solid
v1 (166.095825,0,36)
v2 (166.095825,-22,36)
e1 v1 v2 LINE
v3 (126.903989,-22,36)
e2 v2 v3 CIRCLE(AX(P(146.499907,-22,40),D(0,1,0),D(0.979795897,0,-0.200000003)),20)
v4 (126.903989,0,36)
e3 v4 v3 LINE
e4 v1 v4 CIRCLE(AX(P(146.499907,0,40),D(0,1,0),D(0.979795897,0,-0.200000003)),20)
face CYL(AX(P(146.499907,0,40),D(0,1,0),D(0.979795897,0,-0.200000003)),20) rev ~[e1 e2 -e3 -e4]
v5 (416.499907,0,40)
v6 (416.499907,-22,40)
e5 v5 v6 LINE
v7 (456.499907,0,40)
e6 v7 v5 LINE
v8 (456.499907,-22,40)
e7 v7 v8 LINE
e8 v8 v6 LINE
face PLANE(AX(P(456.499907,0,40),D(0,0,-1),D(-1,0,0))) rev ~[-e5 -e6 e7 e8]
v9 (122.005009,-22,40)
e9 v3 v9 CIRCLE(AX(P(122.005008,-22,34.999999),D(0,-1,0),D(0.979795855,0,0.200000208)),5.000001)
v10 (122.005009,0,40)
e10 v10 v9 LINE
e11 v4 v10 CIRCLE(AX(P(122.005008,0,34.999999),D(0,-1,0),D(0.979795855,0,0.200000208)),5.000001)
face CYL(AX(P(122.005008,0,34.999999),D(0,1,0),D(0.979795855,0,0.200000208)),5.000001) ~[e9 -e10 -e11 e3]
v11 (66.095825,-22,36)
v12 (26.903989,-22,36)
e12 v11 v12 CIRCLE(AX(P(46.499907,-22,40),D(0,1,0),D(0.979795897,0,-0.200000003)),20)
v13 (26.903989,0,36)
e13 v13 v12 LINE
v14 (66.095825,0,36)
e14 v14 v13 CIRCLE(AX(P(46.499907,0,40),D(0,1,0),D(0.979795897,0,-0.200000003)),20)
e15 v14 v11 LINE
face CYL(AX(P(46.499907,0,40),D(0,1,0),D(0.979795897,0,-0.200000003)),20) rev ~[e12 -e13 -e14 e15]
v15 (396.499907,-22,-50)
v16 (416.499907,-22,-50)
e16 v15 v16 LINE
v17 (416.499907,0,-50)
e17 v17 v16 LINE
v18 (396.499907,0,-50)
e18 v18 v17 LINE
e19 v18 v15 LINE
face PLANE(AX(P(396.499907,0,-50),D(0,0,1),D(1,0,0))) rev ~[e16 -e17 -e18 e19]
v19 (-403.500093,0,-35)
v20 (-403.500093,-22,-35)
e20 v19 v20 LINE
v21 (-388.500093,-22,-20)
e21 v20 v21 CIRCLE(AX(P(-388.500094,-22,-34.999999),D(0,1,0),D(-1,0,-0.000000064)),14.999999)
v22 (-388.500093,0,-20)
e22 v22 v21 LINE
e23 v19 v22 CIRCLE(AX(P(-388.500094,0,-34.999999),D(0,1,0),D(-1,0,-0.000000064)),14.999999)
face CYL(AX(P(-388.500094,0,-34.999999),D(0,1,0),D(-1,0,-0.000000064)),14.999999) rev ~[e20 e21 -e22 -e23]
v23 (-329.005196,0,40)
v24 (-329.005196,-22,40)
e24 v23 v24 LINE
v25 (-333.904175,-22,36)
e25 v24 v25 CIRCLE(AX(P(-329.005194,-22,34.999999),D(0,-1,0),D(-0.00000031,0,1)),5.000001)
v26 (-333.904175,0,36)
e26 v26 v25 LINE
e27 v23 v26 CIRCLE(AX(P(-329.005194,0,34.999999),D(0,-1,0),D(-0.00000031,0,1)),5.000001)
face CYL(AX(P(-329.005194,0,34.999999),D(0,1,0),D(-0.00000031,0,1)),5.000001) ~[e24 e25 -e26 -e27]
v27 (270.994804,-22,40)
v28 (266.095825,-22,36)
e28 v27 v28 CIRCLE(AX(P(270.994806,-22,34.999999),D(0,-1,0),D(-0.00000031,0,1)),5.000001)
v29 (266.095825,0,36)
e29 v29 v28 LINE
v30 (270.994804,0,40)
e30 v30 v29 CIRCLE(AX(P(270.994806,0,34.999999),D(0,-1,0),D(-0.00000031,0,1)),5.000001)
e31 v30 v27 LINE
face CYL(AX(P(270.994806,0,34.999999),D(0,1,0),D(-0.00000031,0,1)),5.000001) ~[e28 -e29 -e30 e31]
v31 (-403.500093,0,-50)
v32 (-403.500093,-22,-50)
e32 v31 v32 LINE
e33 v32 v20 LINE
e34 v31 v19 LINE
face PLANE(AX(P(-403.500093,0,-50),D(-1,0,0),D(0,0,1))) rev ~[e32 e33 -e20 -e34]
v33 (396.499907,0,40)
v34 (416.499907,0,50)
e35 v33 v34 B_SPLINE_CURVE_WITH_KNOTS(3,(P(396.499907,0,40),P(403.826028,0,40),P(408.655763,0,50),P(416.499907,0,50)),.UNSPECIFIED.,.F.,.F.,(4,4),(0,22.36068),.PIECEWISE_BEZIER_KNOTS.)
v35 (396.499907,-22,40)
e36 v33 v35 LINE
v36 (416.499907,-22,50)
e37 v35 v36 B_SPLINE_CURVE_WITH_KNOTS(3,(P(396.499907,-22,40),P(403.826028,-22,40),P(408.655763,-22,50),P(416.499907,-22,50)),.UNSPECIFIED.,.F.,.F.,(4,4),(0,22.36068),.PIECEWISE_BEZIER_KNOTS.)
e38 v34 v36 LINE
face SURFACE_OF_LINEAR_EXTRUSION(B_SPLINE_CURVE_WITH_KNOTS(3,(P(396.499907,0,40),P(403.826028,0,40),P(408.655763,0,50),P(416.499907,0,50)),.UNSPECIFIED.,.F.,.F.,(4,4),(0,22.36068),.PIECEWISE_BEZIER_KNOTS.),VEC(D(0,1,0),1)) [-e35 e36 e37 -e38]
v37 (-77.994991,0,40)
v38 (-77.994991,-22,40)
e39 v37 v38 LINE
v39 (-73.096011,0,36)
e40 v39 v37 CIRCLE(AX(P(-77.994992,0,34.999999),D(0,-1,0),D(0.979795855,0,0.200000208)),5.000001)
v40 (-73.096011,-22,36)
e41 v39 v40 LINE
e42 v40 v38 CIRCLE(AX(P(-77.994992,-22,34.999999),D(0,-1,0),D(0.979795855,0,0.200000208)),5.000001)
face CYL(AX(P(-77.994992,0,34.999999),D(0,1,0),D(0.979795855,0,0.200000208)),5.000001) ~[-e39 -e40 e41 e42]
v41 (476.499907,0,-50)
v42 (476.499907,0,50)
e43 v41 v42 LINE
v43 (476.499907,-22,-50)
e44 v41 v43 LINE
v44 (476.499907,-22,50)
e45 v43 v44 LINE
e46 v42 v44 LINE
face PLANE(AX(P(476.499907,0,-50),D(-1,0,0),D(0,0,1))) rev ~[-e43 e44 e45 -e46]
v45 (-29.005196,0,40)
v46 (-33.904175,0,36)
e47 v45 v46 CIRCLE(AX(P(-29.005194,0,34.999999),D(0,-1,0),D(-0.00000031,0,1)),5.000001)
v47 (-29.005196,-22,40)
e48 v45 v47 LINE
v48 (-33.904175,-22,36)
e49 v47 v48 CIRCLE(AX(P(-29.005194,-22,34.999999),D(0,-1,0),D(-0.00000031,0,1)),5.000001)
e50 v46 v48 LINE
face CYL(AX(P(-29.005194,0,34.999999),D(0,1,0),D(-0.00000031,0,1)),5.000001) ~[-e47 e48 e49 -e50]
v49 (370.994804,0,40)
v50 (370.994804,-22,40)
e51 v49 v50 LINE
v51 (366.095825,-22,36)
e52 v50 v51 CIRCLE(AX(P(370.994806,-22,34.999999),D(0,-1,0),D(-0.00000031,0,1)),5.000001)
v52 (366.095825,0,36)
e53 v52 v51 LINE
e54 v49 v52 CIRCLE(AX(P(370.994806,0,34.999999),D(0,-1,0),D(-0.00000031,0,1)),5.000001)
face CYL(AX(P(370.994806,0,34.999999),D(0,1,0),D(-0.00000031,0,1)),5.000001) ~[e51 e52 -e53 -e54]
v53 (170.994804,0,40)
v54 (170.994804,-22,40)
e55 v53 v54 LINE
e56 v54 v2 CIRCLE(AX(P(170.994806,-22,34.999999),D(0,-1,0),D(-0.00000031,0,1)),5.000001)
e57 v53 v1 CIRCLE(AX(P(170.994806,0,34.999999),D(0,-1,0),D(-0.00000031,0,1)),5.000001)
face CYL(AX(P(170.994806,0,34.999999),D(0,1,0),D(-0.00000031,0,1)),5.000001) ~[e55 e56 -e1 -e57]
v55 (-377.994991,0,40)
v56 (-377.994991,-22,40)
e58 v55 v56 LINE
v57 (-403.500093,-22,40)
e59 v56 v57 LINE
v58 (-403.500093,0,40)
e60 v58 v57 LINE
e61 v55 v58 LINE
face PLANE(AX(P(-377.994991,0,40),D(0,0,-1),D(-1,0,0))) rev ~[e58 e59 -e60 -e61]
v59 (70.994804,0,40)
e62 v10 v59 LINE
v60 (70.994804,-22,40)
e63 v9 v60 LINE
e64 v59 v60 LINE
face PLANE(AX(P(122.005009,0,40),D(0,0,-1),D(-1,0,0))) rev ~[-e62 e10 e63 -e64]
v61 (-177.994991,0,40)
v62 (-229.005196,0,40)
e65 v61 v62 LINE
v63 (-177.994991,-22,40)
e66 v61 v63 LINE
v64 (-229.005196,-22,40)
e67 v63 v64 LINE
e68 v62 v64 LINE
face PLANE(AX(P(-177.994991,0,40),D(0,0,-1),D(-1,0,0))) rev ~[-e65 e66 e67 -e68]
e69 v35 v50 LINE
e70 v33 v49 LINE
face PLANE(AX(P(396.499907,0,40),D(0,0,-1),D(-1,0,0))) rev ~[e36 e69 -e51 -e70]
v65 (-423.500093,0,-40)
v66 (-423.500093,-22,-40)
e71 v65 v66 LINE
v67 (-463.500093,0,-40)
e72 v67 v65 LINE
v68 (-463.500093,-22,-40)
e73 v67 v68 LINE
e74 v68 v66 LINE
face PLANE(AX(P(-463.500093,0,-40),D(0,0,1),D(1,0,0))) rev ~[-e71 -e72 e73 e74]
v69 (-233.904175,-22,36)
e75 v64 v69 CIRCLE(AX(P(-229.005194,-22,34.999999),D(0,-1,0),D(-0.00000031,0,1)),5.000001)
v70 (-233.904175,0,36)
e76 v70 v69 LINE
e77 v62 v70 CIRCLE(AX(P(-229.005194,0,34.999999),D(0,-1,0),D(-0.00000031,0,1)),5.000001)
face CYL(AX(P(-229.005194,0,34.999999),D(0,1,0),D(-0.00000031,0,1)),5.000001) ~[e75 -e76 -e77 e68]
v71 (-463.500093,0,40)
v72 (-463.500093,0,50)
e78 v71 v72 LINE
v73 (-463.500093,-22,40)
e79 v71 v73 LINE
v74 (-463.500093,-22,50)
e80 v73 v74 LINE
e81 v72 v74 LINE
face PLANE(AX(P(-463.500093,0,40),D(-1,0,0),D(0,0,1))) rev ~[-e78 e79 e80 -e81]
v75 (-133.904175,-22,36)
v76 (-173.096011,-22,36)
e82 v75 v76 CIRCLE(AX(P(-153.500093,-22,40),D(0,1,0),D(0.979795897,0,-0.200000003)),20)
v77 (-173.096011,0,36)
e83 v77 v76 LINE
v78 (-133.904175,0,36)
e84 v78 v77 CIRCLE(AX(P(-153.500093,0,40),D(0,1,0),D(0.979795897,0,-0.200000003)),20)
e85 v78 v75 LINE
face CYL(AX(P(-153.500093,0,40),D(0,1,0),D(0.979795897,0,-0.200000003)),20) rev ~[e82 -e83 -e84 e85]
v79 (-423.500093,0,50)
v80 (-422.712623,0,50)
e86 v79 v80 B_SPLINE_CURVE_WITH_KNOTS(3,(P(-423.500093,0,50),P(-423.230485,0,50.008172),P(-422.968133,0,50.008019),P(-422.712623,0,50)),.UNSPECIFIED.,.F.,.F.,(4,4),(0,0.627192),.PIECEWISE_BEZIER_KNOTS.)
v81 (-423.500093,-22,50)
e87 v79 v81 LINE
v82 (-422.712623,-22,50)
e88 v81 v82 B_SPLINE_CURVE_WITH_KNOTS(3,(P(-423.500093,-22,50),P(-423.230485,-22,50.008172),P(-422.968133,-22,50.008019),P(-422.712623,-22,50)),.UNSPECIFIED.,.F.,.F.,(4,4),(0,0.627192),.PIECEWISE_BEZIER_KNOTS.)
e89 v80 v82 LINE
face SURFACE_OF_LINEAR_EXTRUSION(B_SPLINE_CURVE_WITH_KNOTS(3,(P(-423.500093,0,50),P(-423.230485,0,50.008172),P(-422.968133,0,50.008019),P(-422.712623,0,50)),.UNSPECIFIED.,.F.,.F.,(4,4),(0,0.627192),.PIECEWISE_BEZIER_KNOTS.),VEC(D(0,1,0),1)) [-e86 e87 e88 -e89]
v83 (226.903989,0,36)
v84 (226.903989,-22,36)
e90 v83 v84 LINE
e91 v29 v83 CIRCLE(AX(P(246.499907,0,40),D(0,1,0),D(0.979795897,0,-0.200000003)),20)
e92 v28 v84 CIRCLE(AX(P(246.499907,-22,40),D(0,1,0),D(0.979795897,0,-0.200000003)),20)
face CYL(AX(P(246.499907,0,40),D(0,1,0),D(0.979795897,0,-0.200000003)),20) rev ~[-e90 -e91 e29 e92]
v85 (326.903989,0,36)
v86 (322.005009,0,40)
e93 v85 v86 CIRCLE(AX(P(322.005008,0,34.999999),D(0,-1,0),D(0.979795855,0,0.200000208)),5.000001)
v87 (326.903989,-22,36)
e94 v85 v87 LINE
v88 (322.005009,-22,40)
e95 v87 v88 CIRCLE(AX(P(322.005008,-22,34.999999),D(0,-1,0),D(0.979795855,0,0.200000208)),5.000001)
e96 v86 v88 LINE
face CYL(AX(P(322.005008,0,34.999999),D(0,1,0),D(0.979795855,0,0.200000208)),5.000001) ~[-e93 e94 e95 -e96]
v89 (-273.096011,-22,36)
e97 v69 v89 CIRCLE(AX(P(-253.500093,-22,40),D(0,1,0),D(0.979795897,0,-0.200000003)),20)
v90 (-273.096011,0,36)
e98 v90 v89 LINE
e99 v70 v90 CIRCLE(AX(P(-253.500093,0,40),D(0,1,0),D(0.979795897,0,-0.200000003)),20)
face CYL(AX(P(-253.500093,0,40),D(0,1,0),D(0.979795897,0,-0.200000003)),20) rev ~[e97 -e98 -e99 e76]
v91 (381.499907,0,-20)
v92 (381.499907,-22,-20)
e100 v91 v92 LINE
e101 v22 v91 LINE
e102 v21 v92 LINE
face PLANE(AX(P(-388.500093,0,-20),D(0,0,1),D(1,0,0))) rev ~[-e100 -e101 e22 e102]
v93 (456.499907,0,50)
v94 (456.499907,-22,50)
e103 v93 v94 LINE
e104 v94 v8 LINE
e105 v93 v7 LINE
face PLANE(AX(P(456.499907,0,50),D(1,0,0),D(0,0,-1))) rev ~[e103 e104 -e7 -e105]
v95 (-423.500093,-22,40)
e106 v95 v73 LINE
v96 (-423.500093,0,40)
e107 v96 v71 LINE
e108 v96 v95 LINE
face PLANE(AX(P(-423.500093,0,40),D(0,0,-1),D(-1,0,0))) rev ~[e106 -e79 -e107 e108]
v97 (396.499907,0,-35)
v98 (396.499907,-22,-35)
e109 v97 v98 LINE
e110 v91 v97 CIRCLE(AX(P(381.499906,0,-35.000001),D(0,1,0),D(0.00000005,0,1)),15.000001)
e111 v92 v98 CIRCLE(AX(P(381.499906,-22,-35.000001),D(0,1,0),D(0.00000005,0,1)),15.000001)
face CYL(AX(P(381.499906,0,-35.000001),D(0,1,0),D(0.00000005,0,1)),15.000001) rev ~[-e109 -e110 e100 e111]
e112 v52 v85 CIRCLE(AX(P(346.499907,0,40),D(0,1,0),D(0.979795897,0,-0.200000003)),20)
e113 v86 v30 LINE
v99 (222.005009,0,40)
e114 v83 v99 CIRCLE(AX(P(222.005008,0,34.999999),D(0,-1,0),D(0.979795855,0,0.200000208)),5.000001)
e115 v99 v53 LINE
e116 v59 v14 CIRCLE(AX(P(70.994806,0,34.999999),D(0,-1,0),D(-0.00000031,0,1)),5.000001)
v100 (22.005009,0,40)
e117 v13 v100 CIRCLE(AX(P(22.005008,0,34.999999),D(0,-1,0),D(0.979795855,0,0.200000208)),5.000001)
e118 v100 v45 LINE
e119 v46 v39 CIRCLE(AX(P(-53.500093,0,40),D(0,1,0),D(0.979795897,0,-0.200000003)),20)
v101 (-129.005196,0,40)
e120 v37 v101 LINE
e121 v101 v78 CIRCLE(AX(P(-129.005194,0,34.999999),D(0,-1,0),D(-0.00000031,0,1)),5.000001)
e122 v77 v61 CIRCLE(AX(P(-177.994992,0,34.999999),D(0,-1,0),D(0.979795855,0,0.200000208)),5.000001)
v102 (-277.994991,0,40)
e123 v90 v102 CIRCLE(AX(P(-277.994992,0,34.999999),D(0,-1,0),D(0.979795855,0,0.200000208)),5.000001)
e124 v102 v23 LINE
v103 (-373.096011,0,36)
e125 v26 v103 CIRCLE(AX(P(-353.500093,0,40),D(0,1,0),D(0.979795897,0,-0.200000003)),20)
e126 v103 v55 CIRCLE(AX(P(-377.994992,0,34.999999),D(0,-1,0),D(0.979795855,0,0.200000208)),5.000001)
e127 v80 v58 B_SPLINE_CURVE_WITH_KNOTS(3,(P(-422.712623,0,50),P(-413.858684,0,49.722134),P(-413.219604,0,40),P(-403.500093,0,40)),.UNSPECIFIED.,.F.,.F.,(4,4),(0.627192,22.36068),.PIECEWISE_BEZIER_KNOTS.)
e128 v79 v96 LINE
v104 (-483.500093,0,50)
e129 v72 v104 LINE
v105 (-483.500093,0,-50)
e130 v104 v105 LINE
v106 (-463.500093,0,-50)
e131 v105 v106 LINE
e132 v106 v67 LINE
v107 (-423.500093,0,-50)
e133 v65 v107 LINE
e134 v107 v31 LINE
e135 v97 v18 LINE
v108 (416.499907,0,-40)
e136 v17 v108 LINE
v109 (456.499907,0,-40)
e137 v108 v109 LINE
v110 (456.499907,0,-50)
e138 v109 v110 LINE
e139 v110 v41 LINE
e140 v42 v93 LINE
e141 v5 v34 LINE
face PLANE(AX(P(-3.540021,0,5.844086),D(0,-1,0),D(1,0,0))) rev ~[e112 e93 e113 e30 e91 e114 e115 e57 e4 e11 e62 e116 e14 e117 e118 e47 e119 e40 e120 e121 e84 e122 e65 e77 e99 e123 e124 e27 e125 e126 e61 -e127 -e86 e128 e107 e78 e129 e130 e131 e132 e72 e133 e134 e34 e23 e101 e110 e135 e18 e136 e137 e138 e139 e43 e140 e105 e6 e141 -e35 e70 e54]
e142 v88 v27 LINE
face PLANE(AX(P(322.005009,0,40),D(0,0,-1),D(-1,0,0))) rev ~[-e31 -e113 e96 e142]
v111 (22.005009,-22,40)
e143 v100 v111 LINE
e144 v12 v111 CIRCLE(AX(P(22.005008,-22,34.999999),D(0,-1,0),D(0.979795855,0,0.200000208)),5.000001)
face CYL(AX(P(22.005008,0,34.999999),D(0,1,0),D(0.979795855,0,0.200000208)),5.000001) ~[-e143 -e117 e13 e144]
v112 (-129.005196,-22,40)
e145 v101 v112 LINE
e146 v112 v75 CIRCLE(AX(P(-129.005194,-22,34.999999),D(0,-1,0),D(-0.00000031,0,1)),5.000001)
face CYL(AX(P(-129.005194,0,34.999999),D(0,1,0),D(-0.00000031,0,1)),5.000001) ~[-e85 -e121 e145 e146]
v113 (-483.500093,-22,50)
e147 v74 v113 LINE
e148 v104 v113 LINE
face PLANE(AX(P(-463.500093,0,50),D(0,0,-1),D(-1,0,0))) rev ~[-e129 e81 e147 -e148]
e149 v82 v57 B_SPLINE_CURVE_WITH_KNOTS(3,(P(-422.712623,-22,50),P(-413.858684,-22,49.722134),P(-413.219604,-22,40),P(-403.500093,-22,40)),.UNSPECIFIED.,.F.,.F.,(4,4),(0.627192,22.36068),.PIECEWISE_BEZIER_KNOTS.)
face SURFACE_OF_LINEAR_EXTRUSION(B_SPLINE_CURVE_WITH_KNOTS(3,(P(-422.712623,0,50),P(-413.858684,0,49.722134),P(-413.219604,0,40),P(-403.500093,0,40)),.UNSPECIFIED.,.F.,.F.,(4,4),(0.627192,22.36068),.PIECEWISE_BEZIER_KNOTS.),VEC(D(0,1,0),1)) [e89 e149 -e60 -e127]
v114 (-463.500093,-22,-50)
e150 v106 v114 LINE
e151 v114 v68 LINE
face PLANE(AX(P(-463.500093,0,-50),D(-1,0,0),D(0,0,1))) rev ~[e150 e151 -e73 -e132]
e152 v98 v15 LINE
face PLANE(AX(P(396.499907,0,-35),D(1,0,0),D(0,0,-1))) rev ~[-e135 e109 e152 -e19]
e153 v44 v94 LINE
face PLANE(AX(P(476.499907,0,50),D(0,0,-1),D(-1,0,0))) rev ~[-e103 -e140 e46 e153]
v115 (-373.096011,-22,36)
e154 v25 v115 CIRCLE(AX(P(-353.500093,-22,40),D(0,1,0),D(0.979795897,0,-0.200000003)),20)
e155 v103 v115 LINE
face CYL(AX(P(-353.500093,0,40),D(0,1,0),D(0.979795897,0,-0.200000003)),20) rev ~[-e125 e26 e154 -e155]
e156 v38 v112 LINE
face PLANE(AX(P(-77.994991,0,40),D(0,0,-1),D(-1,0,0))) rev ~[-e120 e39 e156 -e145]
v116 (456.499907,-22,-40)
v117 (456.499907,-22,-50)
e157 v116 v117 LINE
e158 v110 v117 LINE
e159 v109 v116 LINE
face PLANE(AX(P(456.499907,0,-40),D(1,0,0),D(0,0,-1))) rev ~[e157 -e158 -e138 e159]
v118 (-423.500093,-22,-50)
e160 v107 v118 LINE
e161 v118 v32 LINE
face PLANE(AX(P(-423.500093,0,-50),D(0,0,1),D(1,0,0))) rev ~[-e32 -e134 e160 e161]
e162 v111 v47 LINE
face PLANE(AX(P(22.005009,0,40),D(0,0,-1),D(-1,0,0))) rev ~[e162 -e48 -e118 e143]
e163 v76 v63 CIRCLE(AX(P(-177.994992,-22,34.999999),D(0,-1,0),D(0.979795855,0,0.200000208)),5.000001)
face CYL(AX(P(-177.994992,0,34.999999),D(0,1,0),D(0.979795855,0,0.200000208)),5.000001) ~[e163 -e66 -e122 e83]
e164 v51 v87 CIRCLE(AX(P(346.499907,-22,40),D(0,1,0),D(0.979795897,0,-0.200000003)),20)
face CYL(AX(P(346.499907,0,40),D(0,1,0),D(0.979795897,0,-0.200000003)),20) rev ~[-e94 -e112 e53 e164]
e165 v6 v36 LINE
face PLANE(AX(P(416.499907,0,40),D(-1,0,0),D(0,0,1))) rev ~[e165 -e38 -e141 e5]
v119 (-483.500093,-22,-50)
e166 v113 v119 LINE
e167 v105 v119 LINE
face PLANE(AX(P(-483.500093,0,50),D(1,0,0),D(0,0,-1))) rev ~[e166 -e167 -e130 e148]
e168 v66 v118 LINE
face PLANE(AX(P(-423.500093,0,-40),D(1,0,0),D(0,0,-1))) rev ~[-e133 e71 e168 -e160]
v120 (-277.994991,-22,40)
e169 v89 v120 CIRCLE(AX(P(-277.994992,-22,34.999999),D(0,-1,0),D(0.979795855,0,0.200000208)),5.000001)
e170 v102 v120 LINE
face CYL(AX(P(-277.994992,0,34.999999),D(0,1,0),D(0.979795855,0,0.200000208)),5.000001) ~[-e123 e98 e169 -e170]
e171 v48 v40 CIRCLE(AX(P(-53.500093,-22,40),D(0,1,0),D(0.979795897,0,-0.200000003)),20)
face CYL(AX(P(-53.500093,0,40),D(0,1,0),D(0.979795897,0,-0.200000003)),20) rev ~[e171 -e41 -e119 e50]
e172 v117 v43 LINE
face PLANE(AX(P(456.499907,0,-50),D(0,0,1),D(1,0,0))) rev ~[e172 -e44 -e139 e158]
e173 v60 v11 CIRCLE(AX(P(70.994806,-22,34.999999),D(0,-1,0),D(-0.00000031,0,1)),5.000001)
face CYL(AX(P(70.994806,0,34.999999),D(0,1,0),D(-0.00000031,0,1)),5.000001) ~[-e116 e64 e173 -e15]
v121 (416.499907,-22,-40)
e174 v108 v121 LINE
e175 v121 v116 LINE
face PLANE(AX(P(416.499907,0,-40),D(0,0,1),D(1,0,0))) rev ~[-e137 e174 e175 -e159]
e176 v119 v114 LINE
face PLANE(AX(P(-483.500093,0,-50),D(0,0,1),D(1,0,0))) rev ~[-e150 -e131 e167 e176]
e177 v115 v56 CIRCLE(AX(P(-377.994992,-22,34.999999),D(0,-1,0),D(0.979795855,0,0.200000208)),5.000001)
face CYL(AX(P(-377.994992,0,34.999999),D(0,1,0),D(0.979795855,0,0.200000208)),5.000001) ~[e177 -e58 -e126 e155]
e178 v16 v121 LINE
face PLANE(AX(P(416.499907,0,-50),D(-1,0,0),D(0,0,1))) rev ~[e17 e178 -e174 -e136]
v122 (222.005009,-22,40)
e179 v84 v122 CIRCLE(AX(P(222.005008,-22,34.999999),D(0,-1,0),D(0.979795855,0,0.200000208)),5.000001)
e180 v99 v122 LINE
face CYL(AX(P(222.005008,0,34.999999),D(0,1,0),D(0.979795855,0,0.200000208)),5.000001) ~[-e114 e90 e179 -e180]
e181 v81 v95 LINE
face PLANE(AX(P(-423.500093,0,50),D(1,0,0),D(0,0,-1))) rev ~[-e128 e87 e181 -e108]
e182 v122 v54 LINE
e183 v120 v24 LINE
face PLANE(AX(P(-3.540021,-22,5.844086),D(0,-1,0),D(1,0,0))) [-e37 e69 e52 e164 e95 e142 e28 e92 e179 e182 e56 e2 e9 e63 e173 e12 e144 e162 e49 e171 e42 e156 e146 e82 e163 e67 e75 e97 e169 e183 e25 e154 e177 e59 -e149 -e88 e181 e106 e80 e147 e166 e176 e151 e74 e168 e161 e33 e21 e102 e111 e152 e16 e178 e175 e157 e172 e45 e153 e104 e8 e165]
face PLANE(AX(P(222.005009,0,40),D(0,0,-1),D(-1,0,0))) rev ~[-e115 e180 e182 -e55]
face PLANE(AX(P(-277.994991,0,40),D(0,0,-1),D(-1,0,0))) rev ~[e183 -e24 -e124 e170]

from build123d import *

# Parameters (mm, degrees)
F1_DEPTH = 22


with BuildPart() as f1:
    # F0 (on Front) → F1 (new body)
    with BuildSketch(Plane.XZ):
        with BuildLine():
            Line((476.499907, -50), (476.499907, 50))
            Line((476.499907, 50), (456.499907, 50))
            Line((456.499907, 50), (456.499907, 40))
            Line((456.499907, 40), (416.499907, 40))
            Line((416.499907, 40), (416.499907, 50))
            add(Edge.make_bspline(
                [(396.499907, 40), (403.826028, 40), (408.655763, 50), (416.499907, 50)],
                knots=[0, 0, 0, 0, 22.36068, 22.36068, 22.36068, 22.36068], degree=3))
            Line((396.499907, 40), (370.994804, 40))
            ThreePointArc((370.994804, 40), (367.832527, 38.872983), (366.095825, 36))
            ThreePointArc((366.095825, 36), (346.499907, 20), (326.903989, 36))
            ThreePointArc((326.903989, 36), (325.167287, 38.872983), (322.005009, 40))
            Line((322.005009, 40), (270.994804, 40))
            ThreePointArc((270.994804, 40), (267.832527, 38.872983), (266.095825, 36))
            ThreePointArc((266.095825, 36), (246.499907, 20), (226.903989, 36))
            ThreePointArc((226.903989, 36), (225.167287, 38.872983), (222.005009, 40))
            Line((222.005009, 40), (170.994804, 40))
            ThreePointArc((170.994804, 40), (167.832527, 38.872983), (166.095825, 36))
            ThreePointArc((166.095825, 36), (146.499907, 20), (126.903989, 36))
            ThreePointArc((126.903989, 36), (125.167287, 38.872983), (122.005009, 40))
            Line((122.005009, 40), (70.994804, 40))
            ThreePointArc((70.994804, 40), (67.832527, 38.872983), (66.095825, 36))
            ThreePointArc((66.095825, 36), (46.499907, 20), (26.903989, 36))
            ThreePointArc((26.903989, 36), (25.167287, 38.872983), (22.005009, 40))
            Line((22.005009, 40), (-29.005196, 40))
            ThreePointArc((-29.005196, 40), (-32.167473, 38.872983), (-33.904175, 36))
            ThreePointArc((-33.904175, 36), (-53.500093, 20), (-73.096011, 36))
            ThreePointArc((-73.096011, 36), (-74.832713, 38.872983), (-77.994991, 40))
            Line((-77.994991, 40), (-129.005196, 40))
            ThreePointArc((-129.005196, 40), (-132.167473, 38.872983), (-133.904175, 36))
            ThreePointArc((-133.904175, 36), (-153.500093, 20), (-173.096011, 36))
            ThreePointArc((-173.096011, 36), (-174.832713, 38.872983), (-177.994991, 40))
            Line((-177.994991, 40), (-229.005196, 40))
            ThreePointArc((-229.005196, 40), (-232.167473, 38.872983), (-233.904175, 36))
            ThreePointArc((-233.904175, 36), (-253.500093, 20), (-273.096011, 36))
            ThreePointArc((-273.096011, 36), (-274.832713, 38.872983), (-277.994991, 40))
            Line((-277.994991, 40), (-329.005196, 40))
            ThreePointArc((-329.005196, 40), (-332.167473, 38.872983), (-333.904175, 36))
            ThreePointArc((-333.904175, 36), (-353.500093, 20), (-373.096011, 36))
            ThreePointArc((-373.096011, 36), (-374.832713, 38.872983), (-377.994991, 40))
            Line((-377.994991, 40), (-403.500093, 40))
            add(Edge.make_bspline(
                [(-422.712623, 50), (-413.858684, 49.722134), (-413.219604, 40), (-403.500093, 40)],
                knots=[0.627192, 0.627192, 0.627192, 0.627192, 22.36068, 22.36068, 22.36068, 22.36068], degree=3))
            Line((-422.712623, 50), (-423.500093, 50))
            Line((-423.500093, 50), (-423.500093, 40))
            Line((-423.500093, 40), (-463.500093, 40))
            Line((-463.500093, 40), (-463.500093, 50))
            Line((-463.500093, 50), (-483.500093, 50))
            Line((-483.500093, 50), (-483.500093, -50))
            Line((-483.500093, -50), (-463.500093, -50))
            Line((-463.500093, -50), (-463.500093, -40))
            Line((-463.500093, -40), (-423.500093, -40))
            Line((-423.500093, -40), (-423.500093, -50))
            Line((-423.500093, -50), (-403.500093, -50))
            Line((-403.500093, -50), (-403.500093, -35))
            ThreePointArc((-403.500093, -35), (-399.106695, -24.393398), (-388.500093, -20))
            Line((-388.500093, -20), (381.499907, -20))
            ThreePointArc((381.499907, -20), (392.106508, -24.393398), (396.499907, -35))
            Line((396.499907, -35), (396.499907, -50))
            Line((396.499907, -50), (416.499907, -50))
            Line((416.499907, -50), (416.499907, -40))
            Line((416.499907, -40), (456.499907, -40))
            Line((456.499907, -40), (456.499907, -50))
            Line((456.499907, -50), (476.499907, -50))
        make_face()
        with BuildLine():
            add(Edge.make_bspline(
                [(-423.500093, 50), (-423.230485, 50.008172), (-422.968133, 50.008019), (-422.712623, 50)],
                knots=[0, 0, 0, 0, 0.627192, 0.627192, 0.627192, 0.627192], degree=3))
            Line((-423.500093, 50), (-422.712623, 50))
        make_face()
    extrude(amount=F1_DEPTH)


solid = f1.part
